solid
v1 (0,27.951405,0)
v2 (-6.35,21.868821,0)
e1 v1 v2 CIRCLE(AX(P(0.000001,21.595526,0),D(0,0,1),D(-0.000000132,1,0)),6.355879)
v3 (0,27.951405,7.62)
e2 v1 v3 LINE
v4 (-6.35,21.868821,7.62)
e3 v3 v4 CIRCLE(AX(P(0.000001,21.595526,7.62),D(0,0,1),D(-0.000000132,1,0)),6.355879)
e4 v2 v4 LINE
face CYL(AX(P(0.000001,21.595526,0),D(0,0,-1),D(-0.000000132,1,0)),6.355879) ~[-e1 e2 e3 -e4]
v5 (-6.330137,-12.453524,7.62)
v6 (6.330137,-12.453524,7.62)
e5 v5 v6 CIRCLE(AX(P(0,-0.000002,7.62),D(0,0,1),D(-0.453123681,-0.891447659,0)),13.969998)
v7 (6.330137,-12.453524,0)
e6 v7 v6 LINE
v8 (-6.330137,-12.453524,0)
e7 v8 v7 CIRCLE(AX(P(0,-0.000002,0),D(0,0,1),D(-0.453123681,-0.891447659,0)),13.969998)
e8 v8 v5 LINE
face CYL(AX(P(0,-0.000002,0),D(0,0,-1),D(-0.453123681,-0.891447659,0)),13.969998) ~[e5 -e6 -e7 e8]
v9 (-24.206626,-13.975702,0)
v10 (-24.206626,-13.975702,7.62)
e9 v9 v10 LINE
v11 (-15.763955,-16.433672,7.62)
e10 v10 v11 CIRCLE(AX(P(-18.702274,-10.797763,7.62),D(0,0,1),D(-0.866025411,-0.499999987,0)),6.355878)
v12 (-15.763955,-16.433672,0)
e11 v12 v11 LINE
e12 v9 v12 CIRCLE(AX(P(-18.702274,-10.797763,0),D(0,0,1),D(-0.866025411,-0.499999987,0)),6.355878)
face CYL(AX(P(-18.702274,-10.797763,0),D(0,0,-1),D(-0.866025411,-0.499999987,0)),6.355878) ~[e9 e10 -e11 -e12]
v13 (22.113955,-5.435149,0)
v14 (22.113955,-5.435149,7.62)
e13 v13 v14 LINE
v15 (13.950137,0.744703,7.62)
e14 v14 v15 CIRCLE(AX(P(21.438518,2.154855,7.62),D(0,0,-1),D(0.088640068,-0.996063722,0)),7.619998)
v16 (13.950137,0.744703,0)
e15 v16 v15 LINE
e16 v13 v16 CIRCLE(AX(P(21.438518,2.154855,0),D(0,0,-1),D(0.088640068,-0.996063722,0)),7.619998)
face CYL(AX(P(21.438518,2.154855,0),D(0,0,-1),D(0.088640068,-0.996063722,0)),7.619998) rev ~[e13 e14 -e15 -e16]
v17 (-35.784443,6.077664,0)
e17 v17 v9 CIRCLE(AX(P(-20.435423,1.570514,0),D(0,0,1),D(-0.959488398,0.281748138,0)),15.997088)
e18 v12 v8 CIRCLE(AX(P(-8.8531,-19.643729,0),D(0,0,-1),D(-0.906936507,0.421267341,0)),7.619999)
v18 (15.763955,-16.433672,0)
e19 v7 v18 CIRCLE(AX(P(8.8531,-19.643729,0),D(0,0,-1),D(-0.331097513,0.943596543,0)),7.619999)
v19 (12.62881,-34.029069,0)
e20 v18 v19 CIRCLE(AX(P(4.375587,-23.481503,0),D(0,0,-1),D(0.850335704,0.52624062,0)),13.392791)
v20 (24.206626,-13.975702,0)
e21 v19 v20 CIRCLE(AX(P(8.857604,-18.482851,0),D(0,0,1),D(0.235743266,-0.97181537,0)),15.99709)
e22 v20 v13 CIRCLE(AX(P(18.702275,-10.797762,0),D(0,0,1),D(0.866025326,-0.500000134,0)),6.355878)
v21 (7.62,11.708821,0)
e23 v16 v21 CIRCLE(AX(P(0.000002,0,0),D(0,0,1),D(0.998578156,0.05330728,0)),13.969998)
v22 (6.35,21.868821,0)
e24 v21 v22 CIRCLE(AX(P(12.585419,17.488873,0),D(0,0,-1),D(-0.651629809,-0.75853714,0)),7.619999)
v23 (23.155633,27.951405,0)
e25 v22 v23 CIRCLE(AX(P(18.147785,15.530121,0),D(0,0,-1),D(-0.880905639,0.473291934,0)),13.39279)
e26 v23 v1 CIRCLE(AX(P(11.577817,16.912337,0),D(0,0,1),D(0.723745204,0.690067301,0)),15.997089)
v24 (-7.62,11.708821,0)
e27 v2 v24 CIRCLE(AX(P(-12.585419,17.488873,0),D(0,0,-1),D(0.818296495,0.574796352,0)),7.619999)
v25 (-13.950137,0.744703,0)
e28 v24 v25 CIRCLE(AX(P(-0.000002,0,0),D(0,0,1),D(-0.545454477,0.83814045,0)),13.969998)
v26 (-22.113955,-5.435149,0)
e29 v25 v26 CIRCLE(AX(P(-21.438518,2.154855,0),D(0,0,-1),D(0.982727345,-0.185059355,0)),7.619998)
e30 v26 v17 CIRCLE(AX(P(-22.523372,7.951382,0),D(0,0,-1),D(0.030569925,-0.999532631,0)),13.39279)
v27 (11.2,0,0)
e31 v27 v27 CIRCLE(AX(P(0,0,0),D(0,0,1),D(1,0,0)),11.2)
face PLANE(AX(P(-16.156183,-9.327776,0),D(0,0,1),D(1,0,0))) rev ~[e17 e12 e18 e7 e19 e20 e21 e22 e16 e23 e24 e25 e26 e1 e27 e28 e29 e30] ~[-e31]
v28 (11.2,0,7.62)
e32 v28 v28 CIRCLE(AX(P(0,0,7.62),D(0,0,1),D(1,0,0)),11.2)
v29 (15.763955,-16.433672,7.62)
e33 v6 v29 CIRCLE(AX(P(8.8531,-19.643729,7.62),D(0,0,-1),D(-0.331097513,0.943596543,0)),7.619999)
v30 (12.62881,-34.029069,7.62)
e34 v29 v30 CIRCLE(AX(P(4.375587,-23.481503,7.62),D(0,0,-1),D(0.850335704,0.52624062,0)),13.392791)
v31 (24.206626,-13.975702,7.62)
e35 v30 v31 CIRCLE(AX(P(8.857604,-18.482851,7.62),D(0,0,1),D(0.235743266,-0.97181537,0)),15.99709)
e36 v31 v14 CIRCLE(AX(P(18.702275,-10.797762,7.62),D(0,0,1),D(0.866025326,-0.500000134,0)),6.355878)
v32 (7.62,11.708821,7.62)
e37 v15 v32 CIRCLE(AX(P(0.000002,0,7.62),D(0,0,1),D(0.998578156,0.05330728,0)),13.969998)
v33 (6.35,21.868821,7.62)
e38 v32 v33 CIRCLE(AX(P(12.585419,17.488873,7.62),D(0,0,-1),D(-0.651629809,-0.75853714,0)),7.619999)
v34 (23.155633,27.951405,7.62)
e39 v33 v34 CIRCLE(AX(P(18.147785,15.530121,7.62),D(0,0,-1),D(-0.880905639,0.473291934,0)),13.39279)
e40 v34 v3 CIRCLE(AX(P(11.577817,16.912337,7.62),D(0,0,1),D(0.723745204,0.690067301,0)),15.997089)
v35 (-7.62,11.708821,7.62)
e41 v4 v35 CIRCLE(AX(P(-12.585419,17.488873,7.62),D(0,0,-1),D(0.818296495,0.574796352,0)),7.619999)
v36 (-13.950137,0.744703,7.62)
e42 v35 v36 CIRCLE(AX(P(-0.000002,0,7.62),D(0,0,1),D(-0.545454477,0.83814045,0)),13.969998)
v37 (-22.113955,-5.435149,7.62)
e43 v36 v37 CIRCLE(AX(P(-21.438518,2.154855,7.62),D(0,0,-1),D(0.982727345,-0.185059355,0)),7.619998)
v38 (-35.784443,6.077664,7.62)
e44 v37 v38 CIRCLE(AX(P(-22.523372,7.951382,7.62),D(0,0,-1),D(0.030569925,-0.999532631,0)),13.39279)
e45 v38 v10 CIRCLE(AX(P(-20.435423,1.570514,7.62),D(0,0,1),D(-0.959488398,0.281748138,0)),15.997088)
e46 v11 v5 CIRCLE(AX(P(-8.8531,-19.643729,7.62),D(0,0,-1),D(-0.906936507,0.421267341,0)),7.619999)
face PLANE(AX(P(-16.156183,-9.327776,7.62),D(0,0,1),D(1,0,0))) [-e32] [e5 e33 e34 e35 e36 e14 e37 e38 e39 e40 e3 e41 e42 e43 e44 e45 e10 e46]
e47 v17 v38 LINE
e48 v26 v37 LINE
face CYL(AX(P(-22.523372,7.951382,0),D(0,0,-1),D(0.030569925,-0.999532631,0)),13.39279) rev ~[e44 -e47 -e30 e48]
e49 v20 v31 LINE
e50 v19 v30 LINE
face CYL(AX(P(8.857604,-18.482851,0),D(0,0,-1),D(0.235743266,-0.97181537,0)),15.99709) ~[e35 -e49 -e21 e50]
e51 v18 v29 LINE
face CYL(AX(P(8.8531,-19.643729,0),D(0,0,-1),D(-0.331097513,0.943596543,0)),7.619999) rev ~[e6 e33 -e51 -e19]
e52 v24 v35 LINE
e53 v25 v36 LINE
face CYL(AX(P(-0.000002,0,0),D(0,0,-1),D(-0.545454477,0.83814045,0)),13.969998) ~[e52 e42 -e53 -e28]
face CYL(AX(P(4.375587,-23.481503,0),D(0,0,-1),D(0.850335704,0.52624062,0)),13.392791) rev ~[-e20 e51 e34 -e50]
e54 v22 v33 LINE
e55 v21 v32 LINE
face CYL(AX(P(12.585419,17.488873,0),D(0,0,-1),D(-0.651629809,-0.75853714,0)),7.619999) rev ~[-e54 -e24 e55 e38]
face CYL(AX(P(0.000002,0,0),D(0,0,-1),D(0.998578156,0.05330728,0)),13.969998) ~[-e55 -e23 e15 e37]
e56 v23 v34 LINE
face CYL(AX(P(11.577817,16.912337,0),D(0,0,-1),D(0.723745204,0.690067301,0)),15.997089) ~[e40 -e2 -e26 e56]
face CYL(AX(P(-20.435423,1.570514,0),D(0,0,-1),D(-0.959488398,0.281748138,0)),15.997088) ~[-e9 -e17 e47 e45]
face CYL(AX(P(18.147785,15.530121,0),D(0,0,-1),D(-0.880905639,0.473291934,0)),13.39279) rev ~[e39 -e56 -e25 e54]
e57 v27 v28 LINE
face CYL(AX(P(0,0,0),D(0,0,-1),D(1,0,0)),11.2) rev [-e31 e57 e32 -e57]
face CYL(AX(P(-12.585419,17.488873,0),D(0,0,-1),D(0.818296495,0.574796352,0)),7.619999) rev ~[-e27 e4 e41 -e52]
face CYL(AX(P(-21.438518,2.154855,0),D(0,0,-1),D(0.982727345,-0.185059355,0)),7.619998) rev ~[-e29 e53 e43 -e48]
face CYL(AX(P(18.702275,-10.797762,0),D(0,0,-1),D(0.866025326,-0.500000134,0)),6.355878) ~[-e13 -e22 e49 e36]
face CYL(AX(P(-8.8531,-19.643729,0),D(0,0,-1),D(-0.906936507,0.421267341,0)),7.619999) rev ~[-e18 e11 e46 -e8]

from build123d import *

# Parameters (mm, degrees)
F0_R     = 11.2
F1_DEPTH = 7.62


with BuildPart() as f1:
    # F0 (on Top) → F1 (new body)
    with BuildSketch(Plane.XY):
        with BuildLine():
            ThreePointArc((-15.763955, -16.433672), (-11.815159, -12.623003), (-6.330137, -12.453524))
            ThreePointArc((-6.330137, -12.453524), (-12.098375, -6.985), (-13.950137, 0.744703))
            ThreePointArc((-13.950137, 0.744703), (-16.839421, -3.920726), (-22.113955, -5.435149))
            ThreePointArc((-22.113955, -5.435149), (-24.875537, -9.285143), (-24.206626, -13.975702))
            ThreePointArc((-24.206626, -13.975702), (-20.478938, -16.900275), (-15.763955, -16.433672))
        make_face()
        with BuildLine():
            ThreePointArc((-24.206626, -13.975702), (-24.875537, -9.285143), (-22.113955, -5.435149))
            ThreePointArc((-22.113955, -5.435149), (-31.150508, -2.292609), (-35.784443, 6.077664))
            ThreePointArc((-35.784443, 6.077664), (-34.289307, -6.42803), (-24.206626, -13.975702))
        make_face()
        with BuildLine():
            ThreePointArc((-7.62, 11.708821), (0, 13.97), (7.62, 11.708821))
            ThreePointArc((7.62, 11.708821), (5.024262, 16.543729), (6.35, 21.868821))
            ThreePointArc((6.35, 21.868821), (4.396599, 26.185418), (0, 27.951405))
            ThreePointArc((0, 27.951405), (-4.396599, 26.185418), (-6.35, 21.868821))
            ThreePointArc((-6.35, 21.868821), (-5.024262, 16.543729), (-7.62, 11.708821))
        make_face()
        with BuildLine():
            ThreePointArc((0, 27.951405), (4.396599, 26.185418), (6.35, 21.868821))
            ThreePointArc((6.35, 21.868821), (13.589796, 28.123436), (23.155633, 27.951405))
            ThreePointArc((23.155633, 27.951405), (11.577817, 32.909426), (0, 27.951405))
        make_face()
        with BuildLine():
            ThreePointArc((6.330137, -12.453524), (11.907832, -7.305097), (13.97, 0))
            ThreePointArc((13.97, 0), (13.965033, 0.372484), (13.950137, 0.744703))
            ThreePointArc((13.950137, 0.744703), (12.098375, 6.985), (7.62, 11.708821))
            ThreePointArc((7.62, 11.708821), (0, 13.97), (-7.62, 11.708821))
            ThreePointArc((-7.62, 11.708821), (-12.098375, 6.985), (-13.950137, 0.744703))
            ThreePointArc((-13.950137, 0.744703), (-12.098375, -6.985), (-6.330137, -12.453524))
            ThreePointArc((-6.330137, -12.453524), (0, -13.97), (6.330137, -12.453524))
        make_face()
        Circle(F0_R, mode=Mode.SUBTRACT)
        with BuildLine():
            ThreePointArc((13.950137, 0.744703), (13.965033, 0.372484), (13.97, 0))
            ThreePointArc((13.97, 0), (11.907832, -7.305097), (6.330137, -12.453524))
            ThreePointArc((6.330137, -12.453524), (11.815159, -12.623003), (15.763955, -16.433672))
            ThreePointArc((15.763955, -16.433672), (20.478938, -16.900275), (24.206626, -13.975702))
            ThreePointArc((24.206626, -13.975702), (24.875537, -9.285143), (22.113955, -5.435149))
            ThreePointArc((22.113955, -5.435149), (16.839421, -3.920726), (13.950137, 0.744703))
        make_face()
        with BuildLine():
            ThreePointArc((24.206626, -13.975702), (20.478938, -16.900275), (15.763955, -16.433672))
            ThreePointArc((15.763955, -16.433672), (17.560712, -25.830826), (12.62881, -34.029069))
            ThreePointArc((12.62881, -34.029069), (22.71149, -26.481396), (24.206626, -13.975702))
        make_face()
    extrude(amount=F1_DEPTH)


solid = f1.part
